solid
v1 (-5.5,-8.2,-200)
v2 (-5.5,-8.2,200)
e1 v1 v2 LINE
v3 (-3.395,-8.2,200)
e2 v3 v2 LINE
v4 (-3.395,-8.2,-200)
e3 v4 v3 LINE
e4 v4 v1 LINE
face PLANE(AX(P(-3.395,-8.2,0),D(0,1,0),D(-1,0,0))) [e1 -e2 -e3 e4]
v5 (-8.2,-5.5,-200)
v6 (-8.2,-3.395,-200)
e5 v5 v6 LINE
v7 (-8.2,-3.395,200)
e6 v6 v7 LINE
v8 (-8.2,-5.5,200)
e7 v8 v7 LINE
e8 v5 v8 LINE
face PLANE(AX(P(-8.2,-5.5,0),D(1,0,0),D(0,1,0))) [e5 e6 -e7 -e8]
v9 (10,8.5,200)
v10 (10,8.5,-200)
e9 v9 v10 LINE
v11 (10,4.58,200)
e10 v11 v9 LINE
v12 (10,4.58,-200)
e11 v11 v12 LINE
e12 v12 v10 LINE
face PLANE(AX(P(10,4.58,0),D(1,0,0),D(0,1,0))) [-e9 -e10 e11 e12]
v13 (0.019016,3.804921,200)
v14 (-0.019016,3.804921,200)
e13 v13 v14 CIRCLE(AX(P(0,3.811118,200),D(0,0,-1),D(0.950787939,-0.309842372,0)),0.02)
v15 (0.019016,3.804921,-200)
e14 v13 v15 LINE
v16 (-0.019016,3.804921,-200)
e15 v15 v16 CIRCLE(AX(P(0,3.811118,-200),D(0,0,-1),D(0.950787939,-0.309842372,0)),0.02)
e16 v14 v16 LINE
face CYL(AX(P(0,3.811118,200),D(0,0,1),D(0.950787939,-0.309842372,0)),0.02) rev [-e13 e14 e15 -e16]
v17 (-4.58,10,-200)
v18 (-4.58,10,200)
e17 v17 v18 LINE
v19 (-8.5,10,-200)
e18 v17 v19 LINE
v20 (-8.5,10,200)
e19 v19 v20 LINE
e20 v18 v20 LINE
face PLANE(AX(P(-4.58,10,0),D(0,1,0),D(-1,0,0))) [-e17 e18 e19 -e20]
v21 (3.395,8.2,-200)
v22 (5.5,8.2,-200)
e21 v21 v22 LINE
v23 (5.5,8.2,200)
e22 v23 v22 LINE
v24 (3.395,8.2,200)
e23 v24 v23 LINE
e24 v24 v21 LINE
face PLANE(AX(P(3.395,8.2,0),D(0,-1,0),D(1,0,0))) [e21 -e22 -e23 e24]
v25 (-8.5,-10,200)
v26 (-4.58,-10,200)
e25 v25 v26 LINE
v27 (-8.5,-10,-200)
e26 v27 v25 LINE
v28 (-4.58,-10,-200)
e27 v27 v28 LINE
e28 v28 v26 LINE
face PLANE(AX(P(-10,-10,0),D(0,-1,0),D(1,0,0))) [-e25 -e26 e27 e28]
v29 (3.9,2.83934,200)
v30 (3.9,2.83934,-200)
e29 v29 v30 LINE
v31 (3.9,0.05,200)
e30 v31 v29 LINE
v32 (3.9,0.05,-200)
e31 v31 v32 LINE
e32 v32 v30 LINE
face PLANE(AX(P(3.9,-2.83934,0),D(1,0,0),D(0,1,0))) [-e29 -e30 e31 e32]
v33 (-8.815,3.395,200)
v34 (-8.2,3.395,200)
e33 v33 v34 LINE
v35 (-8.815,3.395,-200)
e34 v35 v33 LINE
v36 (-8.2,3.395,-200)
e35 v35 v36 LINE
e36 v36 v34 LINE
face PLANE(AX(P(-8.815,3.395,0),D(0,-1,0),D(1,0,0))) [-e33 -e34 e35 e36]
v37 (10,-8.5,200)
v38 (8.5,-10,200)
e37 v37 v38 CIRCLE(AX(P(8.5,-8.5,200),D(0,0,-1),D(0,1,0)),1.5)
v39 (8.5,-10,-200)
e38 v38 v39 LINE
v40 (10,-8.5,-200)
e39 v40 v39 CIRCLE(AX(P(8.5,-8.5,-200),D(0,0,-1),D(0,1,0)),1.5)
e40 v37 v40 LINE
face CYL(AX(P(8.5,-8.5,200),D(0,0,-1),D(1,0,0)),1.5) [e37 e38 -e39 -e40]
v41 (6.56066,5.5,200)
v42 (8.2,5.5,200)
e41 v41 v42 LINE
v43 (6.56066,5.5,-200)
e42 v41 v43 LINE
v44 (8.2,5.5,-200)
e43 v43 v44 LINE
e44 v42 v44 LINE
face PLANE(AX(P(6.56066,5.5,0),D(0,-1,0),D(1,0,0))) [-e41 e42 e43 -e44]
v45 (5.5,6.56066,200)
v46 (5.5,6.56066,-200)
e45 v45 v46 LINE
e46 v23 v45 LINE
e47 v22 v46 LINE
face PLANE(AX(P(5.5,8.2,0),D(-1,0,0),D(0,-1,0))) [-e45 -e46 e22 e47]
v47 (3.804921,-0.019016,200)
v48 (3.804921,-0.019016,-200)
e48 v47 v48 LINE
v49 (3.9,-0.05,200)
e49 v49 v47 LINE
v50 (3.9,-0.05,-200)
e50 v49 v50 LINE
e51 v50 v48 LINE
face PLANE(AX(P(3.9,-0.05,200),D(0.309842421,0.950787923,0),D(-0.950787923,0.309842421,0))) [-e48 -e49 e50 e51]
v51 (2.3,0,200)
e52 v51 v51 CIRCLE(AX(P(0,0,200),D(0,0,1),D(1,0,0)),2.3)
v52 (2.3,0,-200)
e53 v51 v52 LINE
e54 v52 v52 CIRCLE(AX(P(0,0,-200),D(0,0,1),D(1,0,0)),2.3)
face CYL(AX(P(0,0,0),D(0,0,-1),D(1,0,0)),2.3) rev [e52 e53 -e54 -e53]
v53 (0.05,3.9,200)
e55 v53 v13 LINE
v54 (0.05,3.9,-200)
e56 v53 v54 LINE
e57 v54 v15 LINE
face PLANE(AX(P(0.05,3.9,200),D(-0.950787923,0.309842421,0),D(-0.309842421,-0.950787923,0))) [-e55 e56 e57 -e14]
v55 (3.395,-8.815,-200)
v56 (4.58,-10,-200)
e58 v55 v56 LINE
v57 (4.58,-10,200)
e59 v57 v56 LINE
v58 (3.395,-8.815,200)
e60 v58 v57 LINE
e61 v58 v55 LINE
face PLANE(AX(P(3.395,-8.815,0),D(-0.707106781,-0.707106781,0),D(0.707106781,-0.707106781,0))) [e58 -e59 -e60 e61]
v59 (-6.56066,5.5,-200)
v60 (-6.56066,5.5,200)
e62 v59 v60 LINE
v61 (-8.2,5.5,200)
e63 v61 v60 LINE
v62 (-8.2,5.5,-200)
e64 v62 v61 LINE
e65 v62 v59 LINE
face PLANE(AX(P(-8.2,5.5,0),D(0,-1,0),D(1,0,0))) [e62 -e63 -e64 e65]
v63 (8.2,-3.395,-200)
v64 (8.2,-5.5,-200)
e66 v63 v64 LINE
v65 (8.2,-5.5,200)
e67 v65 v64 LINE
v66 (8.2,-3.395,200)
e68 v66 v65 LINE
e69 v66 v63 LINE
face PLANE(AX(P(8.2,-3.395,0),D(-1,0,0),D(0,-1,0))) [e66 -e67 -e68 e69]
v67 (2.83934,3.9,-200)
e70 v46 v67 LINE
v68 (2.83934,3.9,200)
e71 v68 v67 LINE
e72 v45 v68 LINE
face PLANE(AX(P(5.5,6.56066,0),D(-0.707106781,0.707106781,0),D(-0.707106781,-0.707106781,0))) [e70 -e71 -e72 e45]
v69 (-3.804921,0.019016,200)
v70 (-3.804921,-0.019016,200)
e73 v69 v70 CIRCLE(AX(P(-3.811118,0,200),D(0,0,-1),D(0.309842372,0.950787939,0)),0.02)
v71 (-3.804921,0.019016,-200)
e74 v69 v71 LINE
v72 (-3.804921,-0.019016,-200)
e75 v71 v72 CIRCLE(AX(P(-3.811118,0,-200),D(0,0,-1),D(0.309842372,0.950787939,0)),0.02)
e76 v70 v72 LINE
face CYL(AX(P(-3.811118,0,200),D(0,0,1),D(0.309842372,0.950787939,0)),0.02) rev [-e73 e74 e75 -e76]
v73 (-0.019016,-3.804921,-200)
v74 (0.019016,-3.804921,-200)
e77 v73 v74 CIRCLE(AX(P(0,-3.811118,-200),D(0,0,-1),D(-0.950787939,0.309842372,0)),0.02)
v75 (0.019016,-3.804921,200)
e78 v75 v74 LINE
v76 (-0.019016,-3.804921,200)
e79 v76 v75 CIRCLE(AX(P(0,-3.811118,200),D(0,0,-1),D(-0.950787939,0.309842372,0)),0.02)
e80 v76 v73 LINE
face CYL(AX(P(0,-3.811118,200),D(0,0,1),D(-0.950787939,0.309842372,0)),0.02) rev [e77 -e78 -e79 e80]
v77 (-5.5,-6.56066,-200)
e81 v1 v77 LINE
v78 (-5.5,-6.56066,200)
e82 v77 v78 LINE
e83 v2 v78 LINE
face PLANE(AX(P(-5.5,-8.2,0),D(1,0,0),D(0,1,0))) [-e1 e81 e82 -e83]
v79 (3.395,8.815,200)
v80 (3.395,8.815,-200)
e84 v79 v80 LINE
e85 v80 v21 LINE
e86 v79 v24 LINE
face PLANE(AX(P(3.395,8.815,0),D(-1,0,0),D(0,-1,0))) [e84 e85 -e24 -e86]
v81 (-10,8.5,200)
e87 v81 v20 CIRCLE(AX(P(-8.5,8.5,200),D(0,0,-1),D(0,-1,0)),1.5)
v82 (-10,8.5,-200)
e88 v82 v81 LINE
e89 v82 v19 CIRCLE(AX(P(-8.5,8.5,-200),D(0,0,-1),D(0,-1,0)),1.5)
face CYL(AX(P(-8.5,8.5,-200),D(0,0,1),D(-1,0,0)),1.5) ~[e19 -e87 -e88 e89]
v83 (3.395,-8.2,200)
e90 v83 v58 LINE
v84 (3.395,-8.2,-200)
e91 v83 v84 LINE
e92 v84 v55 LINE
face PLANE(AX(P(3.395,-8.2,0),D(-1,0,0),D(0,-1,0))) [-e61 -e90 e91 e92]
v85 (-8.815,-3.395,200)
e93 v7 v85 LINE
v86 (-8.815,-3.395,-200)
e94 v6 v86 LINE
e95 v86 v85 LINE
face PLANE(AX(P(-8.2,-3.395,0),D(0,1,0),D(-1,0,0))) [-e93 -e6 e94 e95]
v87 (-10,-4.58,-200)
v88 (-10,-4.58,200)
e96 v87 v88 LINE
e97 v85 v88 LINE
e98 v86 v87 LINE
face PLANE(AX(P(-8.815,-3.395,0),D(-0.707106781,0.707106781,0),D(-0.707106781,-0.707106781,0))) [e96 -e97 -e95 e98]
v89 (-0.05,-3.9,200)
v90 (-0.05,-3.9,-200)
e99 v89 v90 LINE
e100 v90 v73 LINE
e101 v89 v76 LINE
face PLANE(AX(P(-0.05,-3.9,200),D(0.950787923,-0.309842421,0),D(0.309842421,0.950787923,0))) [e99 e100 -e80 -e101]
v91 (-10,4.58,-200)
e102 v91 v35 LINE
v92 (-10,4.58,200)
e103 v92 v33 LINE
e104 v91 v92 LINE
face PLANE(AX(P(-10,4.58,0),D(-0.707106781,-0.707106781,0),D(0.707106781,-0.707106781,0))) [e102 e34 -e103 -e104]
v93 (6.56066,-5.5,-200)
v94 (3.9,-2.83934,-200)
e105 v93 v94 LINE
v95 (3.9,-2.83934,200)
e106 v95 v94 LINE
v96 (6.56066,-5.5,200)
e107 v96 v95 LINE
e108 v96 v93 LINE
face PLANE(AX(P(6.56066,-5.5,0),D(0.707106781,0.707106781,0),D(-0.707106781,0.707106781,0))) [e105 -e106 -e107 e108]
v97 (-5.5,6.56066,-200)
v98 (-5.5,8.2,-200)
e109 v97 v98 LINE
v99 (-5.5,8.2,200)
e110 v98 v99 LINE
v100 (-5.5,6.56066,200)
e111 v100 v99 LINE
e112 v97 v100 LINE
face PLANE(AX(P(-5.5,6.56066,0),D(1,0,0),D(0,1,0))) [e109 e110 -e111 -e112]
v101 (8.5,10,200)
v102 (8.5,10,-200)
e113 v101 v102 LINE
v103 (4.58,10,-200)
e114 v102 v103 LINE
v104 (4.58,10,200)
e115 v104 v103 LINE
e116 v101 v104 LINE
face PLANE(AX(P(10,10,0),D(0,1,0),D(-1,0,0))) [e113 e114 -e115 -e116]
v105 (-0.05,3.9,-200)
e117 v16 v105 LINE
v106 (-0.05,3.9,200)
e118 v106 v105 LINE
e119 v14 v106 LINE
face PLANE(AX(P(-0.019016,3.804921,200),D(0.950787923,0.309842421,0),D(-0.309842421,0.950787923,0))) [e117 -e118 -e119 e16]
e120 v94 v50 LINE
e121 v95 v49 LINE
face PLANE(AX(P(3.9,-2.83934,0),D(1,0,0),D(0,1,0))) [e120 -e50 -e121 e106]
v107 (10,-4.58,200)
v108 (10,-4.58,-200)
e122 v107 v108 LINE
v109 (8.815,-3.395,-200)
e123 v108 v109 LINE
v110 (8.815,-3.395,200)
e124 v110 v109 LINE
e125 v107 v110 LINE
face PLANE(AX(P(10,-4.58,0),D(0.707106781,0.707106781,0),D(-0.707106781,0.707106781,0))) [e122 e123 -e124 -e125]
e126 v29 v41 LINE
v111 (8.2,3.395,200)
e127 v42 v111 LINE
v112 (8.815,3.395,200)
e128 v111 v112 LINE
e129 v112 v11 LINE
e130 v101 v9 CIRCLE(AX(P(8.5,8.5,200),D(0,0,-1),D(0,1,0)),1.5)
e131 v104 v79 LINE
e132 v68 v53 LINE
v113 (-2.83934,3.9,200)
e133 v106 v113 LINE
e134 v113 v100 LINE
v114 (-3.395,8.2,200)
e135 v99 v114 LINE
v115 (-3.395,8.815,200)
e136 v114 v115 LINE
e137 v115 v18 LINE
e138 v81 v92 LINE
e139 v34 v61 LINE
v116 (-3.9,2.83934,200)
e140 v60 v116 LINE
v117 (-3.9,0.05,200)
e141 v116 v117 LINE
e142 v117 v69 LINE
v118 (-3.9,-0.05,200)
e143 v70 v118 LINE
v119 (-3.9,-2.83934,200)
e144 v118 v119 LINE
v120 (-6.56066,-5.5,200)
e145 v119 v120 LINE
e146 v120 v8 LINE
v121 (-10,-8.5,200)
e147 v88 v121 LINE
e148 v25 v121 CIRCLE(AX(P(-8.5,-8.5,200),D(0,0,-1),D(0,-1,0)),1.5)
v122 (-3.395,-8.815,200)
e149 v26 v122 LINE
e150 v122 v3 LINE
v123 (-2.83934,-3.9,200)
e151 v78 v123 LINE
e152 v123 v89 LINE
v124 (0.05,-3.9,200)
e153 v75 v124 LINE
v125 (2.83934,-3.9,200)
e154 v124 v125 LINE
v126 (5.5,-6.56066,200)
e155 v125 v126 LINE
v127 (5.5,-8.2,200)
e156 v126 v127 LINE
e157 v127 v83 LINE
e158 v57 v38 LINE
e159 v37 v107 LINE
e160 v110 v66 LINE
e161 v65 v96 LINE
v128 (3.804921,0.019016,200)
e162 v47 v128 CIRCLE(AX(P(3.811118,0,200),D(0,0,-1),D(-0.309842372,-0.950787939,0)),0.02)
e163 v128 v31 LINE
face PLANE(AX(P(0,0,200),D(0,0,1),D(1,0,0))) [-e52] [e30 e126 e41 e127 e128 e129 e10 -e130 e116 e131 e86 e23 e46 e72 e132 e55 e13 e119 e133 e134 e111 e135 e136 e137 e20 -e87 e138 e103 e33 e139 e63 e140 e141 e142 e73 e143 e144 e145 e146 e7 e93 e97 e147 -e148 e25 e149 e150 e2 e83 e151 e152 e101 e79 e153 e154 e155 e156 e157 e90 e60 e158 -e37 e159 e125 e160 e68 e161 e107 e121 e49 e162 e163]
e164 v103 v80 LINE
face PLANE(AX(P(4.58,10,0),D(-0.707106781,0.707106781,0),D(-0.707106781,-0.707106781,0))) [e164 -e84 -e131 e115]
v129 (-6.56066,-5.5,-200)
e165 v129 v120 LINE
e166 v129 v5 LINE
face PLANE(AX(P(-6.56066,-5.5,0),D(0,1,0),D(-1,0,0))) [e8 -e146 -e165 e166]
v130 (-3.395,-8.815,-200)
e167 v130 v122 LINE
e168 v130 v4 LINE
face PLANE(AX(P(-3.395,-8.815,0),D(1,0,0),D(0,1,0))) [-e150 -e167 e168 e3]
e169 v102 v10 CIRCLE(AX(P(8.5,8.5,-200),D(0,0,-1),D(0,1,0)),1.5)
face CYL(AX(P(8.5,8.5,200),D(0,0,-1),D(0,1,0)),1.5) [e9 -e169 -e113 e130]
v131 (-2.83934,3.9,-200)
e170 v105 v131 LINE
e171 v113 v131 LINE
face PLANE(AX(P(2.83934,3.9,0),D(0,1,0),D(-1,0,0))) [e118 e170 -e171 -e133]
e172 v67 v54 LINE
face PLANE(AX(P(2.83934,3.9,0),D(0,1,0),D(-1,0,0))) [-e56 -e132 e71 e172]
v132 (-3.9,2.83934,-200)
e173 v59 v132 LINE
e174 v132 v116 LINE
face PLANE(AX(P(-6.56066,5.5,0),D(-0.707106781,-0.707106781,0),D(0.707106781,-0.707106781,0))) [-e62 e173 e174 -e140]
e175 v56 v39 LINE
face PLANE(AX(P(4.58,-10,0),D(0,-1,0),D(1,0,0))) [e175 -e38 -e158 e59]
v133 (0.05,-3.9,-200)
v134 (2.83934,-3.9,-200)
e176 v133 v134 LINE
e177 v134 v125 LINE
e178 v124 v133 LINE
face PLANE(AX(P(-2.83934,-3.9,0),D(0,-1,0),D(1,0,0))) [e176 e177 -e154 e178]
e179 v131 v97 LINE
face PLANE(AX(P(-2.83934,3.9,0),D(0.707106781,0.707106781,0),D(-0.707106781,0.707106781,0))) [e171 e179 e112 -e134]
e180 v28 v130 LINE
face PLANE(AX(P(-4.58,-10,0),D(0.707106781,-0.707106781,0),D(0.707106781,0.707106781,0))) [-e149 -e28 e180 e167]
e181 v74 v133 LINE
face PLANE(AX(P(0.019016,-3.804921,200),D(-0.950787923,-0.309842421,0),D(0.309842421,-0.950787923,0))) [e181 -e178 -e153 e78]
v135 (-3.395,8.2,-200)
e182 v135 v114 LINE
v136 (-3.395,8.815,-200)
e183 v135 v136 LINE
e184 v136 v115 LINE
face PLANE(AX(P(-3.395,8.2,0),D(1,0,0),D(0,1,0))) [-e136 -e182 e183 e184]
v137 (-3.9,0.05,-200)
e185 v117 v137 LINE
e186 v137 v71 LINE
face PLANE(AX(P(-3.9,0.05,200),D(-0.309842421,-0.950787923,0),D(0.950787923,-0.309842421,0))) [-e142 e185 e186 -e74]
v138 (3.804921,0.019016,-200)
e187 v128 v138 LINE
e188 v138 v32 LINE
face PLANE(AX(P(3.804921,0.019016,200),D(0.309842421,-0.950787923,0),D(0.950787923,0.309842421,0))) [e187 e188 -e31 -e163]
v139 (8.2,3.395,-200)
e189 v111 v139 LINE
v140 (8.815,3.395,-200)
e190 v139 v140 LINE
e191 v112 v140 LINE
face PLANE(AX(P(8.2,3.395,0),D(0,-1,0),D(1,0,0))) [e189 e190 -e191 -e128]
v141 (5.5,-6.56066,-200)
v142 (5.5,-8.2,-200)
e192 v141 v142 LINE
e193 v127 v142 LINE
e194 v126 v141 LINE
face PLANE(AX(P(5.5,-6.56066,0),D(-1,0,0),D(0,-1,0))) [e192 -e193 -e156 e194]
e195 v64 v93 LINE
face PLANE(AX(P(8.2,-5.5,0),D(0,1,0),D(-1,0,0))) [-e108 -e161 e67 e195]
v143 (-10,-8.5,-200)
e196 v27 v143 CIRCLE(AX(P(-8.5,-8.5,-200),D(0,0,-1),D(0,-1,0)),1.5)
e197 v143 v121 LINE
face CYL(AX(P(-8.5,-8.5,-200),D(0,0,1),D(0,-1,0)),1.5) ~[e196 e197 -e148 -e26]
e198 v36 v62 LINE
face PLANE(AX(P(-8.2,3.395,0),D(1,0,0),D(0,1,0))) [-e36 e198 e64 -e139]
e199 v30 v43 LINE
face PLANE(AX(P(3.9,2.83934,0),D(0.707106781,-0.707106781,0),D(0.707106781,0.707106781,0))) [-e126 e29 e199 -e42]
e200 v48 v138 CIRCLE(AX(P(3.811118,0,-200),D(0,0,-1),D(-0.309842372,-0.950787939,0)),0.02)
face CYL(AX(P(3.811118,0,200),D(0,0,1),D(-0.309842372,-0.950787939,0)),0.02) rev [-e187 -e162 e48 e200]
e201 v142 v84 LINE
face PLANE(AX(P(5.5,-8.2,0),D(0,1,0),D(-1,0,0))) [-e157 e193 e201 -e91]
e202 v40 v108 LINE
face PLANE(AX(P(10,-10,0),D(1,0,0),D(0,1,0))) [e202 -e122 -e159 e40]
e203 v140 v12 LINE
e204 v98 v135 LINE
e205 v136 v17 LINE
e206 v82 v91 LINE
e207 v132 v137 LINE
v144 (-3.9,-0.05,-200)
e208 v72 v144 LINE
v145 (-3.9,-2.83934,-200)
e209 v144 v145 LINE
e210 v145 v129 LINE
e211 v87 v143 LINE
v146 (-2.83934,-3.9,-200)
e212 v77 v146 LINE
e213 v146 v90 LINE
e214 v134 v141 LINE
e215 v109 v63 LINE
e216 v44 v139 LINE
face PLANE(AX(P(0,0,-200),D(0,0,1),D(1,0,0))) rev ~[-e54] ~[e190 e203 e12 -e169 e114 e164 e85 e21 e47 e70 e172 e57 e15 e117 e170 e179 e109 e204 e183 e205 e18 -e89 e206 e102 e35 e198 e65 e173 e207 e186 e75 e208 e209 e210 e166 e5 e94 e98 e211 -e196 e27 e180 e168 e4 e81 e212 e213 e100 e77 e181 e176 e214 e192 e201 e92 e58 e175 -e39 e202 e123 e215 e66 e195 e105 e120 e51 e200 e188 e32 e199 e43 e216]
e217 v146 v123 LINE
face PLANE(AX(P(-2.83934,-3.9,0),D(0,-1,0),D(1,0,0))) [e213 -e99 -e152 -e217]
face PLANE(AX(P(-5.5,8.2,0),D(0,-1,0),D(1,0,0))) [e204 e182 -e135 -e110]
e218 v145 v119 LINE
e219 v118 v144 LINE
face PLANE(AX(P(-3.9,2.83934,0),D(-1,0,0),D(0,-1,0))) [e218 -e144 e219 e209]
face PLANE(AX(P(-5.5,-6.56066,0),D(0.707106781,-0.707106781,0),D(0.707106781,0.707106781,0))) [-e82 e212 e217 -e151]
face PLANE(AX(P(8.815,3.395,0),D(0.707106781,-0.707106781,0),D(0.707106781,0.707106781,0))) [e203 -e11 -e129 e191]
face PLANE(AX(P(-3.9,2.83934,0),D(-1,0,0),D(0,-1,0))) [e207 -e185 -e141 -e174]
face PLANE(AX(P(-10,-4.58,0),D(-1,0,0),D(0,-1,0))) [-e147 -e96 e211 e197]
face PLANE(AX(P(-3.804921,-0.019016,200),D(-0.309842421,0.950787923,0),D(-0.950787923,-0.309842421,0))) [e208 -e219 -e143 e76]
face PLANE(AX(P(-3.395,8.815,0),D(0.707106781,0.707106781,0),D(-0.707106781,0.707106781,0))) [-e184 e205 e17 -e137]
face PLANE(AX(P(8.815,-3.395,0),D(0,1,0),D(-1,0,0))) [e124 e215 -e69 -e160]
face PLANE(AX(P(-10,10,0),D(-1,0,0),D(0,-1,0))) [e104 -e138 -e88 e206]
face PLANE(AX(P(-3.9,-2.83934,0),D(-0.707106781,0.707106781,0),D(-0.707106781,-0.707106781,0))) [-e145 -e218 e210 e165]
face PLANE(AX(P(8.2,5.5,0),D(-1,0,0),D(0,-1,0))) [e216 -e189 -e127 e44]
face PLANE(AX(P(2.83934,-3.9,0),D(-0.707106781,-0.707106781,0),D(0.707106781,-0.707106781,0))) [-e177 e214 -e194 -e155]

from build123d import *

# Parameters (mm, degrees)
SKETCH1_R           = 2.3
BOSS_EXTRUDE1_DEPTH = 200
CUT_EXTRUDE1_DEPTH  = 400
CIRPATTERN1_COUNT   = 4
FILLET1_R           = 1.5


with BuildPart() as part:
    # Sketch1 → Boss-Extrude1 (new, symmetric)
    with BuildSketch(Plane.XY):
        Polygon((-2.839339828, 3.9), (-5.5, 6.560660172), (-5.5, 8.2), (-3.395, 8.2), (-3.395, 8.815), (-4.58, 10), (-10, 10), (-10, 4.58), (-8.815, 3.395), (-8.2, 3.395), (-8.2, 5.5), (-6.560660172, 5.5), (-3.9, 2.839339828), (-3.9, 0), (-3.9, -2.839339828), (-6.560660172, -5.5), (-8.2, -5.5), (-8.2, -3.395), (-8.815, -3.395), (-10, -4.58), (-10, -10), (-4.58, -10), (-3.395, -8.815), (-3.395, -8.2), (-5.5, -8.2), (-5.5, -6.560660172), (-2.839339828, -3.9), (0, -3.9), (2.839339828, -3.9), (5.5, -6.560660172), (5.5, -8.2), (3.395, -8.2), (3.395, -8.815), (4.58, -10), (10, -10), (10, -4.58), (8.815, -3.395), (8.2, -3.395), (8.2, -5.5), (6.560660172, -5.5), (3.9, -2.839339828), (3.9, 0), (3.9, 2.839339828), (6.560660172, 5.5), (8.2, 5.5), (8.2, 3.395), (8.815, 3.395), (10, 4.58), (10, 10), (4.58, 10), (3.395, 8.815), (3.395, 8.2), (5.5, 8.2), (5.5, 6.560660172), (2.839339828, 3.9), (0, 3.9), align=None)
        Circle(SKETCH1_R, mode=Mode.SUBTRACT)
    extrude(amount=BOSS_EXTRUDE1_DEPTH, both=True)

    # Sketch2 → Cut-Extrude1 (cut)
    with BuildSketch(Plane.XY.offset(200)):
        with BuildLine():
            Line((-0.019015758, 3.804921208), (-0.05, 3.9))
            Line((-0.05, 3.9), (0.05, 3.9))
            Line((0.05, 3.9), (0.019015758, 3.804921208))
            ThreePointArc((0.019015758, 3.804921208), (0, 3.791118056), (-0.019015758, 3.804921208))
        make_face()
    cut_extrude1 = extrude(amount=-CUT_EXTRUDE1_DEPTH, mode=Mode.SUBTRACT)

    # CirPattern1: Cut-Extrude1 ×4 about axis
    cirpattern1_axis = Axis((0, 0, 0), (0, 0, 1))
    for i in range(1, CIRPATTERN1_COUNT):
        add(cut_extrude1.rotate(cirpattern1_axis, i * 360 / CIRPATTERN1_COUNT), mode=Mode.SUBTRACT)

    # Fillet1
    fillet1_edges = [part.edges().sort_by_distance(p)[0] for p in [
        (10, 10, 0),
        (10, -10, 0),
        (-10, -10, 0),
        (-10, 10, 0),
    ]]
    fillet(fillet1_edges, radius=FILLET1_R)


solid = part.part
